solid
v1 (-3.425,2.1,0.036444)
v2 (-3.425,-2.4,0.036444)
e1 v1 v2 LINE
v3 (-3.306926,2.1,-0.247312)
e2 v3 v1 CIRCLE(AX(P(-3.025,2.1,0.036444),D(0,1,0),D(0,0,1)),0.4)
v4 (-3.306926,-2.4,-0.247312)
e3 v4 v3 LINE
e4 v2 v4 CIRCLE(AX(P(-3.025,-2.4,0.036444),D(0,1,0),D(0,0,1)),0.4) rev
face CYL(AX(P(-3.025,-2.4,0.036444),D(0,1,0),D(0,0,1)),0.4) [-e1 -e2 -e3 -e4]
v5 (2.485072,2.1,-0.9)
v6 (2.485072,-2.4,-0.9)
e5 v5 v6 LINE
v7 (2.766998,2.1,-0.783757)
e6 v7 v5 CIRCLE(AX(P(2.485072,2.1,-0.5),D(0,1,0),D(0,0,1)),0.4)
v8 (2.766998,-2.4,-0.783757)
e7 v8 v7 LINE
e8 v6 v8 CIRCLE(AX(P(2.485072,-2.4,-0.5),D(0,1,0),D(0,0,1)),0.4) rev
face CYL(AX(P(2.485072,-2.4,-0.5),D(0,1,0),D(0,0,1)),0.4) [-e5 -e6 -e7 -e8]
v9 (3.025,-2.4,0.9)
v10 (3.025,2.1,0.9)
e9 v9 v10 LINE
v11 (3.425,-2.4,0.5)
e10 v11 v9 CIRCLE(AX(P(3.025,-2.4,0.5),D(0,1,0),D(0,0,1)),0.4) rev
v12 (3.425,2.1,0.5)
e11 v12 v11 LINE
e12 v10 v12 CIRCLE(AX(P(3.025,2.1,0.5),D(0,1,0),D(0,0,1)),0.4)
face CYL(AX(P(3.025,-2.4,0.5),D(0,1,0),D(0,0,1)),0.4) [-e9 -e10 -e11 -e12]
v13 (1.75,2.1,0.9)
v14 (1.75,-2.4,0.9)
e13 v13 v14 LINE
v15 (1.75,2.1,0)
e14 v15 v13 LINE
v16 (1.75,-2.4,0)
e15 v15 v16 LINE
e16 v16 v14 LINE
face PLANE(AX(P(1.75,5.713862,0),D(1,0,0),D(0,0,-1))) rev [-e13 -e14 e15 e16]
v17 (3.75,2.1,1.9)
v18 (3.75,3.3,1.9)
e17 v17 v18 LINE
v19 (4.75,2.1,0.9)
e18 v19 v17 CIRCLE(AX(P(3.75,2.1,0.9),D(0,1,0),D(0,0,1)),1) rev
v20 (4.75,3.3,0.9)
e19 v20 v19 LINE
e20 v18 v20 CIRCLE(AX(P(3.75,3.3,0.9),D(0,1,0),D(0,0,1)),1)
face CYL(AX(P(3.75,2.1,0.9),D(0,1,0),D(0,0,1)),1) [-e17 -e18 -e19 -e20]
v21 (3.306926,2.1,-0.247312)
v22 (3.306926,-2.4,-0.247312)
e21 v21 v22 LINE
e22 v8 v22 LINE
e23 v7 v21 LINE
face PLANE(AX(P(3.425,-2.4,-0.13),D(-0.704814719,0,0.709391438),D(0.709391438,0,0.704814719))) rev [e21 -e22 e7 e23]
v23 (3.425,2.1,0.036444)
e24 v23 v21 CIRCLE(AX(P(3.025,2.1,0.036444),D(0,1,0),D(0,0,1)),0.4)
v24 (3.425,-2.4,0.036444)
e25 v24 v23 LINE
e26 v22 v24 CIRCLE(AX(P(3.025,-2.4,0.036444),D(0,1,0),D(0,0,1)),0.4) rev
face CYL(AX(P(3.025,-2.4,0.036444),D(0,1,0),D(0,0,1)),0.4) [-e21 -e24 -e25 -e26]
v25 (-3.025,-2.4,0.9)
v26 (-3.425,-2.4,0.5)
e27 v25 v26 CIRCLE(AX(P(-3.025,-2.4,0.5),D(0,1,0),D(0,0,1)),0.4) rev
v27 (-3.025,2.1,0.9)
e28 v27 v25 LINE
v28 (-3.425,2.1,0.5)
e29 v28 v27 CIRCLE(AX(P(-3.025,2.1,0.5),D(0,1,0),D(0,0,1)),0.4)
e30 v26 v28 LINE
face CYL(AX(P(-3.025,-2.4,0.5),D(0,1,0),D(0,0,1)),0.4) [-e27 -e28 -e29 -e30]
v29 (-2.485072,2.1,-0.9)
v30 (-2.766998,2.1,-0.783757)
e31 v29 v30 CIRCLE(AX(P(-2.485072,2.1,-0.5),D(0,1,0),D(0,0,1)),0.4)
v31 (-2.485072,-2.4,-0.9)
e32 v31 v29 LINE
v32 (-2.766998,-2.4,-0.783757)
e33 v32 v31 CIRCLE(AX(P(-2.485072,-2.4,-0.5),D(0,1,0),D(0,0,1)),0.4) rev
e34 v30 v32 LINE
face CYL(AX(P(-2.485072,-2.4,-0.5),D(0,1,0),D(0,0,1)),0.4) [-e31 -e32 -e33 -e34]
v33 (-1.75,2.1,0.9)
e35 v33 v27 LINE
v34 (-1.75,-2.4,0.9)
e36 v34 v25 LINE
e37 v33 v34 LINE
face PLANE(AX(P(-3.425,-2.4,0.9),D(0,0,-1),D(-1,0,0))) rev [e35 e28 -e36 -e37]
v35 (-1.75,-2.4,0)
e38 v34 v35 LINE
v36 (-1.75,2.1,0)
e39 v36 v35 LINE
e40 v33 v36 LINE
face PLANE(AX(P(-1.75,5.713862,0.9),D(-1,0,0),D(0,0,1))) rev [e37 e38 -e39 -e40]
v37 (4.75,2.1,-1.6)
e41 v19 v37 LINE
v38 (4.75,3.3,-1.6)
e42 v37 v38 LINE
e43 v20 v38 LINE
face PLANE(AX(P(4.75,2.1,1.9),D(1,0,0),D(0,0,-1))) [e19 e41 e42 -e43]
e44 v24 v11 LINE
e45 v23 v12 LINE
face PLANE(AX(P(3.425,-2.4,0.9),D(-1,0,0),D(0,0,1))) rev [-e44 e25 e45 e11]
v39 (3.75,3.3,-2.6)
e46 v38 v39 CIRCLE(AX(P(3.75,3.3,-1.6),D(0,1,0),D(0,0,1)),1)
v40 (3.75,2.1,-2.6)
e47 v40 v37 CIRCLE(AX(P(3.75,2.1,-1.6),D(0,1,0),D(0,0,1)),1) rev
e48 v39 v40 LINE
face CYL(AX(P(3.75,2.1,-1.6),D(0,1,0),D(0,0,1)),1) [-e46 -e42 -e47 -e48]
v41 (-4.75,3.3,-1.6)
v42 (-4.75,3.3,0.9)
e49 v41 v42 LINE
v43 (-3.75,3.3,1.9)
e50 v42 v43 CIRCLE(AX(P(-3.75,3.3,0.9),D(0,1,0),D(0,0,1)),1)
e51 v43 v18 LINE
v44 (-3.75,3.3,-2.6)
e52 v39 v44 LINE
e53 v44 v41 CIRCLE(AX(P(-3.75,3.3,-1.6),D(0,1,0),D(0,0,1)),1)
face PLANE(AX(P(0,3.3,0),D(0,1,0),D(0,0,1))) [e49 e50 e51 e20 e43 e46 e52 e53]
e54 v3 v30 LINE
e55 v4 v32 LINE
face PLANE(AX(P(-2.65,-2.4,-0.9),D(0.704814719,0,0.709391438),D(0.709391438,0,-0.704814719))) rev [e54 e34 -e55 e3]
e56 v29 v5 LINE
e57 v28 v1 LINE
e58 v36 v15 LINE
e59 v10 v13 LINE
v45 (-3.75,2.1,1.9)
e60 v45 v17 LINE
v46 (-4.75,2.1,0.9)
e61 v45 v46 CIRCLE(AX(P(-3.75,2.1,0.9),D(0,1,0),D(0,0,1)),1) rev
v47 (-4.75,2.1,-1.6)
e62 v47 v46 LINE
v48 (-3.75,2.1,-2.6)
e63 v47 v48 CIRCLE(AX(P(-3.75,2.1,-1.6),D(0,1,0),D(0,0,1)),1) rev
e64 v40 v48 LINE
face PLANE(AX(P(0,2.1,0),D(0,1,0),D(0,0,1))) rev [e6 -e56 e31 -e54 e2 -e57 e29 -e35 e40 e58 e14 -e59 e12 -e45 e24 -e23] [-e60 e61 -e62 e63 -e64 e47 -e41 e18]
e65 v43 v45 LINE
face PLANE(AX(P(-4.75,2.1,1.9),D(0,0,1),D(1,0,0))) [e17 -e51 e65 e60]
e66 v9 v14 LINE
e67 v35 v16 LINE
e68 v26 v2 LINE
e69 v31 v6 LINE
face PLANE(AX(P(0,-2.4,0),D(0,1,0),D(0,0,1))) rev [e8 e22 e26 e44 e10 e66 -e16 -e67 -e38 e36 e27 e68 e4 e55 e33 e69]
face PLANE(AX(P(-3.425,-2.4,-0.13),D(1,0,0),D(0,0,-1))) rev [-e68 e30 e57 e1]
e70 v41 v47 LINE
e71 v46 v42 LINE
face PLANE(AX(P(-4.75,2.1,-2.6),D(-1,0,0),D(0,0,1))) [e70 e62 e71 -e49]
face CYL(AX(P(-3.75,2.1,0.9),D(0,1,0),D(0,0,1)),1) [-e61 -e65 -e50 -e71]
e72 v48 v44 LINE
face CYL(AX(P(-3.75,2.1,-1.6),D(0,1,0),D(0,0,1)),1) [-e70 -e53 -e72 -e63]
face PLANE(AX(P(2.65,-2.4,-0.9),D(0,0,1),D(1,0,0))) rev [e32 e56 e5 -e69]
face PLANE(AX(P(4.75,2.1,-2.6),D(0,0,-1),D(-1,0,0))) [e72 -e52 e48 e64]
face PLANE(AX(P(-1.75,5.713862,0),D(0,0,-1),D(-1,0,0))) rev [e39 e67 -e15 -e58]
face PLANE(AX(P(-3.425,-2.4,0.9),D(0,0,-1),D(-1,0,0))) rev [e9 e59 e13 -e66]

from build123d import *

# Parameters (mm, degrees)
SKETCH1_W           = 9.5
SKETCH1_H           = 4.5
BOSS_EXTRUDE1_DEPTH = 1.2
BOSS_EXTRUDE2_DEPTH = 4.5
SKETCH4_W           = 3.5
SKETCH4_H           = 0.9
CUT_EXTRUDE2_DEPTH  = 4.5
FILLET2_R           = 0.4
FILLET3_R           = 1


with BuildPart() as part:
    # Sketch1 → Boss-Extrude1 (new body)
    with BuildSketch(Plane(origin=(0, 3.3, 0), x_dir=(1, 0, 0), z_dir=(0, 1, 0))):
        with Locations((0, 0.35)):
            Rectangle(SKETCH1_W, SKETCH1_H)
    extrude(amount=-BOSS_EXTRUDE1_DEPTH)

    # Sketch2 → Boss-Extrude2 (add)
    with BuildSketch(Plane.XZ.offset(-2.1)):
        Polygon((3.425, -0.13), (2.65, -0.9), (-2.65, -0.9), (-3.425, -0.13), (-3.425, 0.9), (3.425, 0.9), align=None)
    extrude(amount=BOSS_EXTRUDE2_DEPTH)

    # Sketch4 → Cut-Extrude2 (cut)
    with BuildSketch(Plane.XZ.offset(2.4)):
        with Locations((0, 0.45)):
            Rectangle(SKETCH4_W, SKETCH4_H)
    extrude(amount=-CUT_EXTRUDE2_DEPTH, mode=Mode.SUBTRACT)

    # Fillet2
    fillet2_edges = [part.edges().sort_by_distance(p)[0] for p in [
        (3.425, -0.15, -0.13),
        (3.425, -0.15, 0.9),
        (-3.425, -0.15, 0.9),
        (-3.425, -0.15, -0.13),
        (-2.65, -0.15, -0.9),
        (2.65, -0.15, -0.9),
    ]]
    fillet(fillet2_edges, radius=FILLET2_R)

    # Fillet3
    fillet3_edges = [part.edges().sort_by_distance(p)[0] for p in [
        (-4.75, 2.7, 1.9),
        (-4.75, 2.7, -2.6),
        (4.75, 2.7, -2.6),
        (4.75, 2.7, 1.9),
    ]]
    fillet(fillet3_edges, radius=FILLET3_R)


solid = part.part
